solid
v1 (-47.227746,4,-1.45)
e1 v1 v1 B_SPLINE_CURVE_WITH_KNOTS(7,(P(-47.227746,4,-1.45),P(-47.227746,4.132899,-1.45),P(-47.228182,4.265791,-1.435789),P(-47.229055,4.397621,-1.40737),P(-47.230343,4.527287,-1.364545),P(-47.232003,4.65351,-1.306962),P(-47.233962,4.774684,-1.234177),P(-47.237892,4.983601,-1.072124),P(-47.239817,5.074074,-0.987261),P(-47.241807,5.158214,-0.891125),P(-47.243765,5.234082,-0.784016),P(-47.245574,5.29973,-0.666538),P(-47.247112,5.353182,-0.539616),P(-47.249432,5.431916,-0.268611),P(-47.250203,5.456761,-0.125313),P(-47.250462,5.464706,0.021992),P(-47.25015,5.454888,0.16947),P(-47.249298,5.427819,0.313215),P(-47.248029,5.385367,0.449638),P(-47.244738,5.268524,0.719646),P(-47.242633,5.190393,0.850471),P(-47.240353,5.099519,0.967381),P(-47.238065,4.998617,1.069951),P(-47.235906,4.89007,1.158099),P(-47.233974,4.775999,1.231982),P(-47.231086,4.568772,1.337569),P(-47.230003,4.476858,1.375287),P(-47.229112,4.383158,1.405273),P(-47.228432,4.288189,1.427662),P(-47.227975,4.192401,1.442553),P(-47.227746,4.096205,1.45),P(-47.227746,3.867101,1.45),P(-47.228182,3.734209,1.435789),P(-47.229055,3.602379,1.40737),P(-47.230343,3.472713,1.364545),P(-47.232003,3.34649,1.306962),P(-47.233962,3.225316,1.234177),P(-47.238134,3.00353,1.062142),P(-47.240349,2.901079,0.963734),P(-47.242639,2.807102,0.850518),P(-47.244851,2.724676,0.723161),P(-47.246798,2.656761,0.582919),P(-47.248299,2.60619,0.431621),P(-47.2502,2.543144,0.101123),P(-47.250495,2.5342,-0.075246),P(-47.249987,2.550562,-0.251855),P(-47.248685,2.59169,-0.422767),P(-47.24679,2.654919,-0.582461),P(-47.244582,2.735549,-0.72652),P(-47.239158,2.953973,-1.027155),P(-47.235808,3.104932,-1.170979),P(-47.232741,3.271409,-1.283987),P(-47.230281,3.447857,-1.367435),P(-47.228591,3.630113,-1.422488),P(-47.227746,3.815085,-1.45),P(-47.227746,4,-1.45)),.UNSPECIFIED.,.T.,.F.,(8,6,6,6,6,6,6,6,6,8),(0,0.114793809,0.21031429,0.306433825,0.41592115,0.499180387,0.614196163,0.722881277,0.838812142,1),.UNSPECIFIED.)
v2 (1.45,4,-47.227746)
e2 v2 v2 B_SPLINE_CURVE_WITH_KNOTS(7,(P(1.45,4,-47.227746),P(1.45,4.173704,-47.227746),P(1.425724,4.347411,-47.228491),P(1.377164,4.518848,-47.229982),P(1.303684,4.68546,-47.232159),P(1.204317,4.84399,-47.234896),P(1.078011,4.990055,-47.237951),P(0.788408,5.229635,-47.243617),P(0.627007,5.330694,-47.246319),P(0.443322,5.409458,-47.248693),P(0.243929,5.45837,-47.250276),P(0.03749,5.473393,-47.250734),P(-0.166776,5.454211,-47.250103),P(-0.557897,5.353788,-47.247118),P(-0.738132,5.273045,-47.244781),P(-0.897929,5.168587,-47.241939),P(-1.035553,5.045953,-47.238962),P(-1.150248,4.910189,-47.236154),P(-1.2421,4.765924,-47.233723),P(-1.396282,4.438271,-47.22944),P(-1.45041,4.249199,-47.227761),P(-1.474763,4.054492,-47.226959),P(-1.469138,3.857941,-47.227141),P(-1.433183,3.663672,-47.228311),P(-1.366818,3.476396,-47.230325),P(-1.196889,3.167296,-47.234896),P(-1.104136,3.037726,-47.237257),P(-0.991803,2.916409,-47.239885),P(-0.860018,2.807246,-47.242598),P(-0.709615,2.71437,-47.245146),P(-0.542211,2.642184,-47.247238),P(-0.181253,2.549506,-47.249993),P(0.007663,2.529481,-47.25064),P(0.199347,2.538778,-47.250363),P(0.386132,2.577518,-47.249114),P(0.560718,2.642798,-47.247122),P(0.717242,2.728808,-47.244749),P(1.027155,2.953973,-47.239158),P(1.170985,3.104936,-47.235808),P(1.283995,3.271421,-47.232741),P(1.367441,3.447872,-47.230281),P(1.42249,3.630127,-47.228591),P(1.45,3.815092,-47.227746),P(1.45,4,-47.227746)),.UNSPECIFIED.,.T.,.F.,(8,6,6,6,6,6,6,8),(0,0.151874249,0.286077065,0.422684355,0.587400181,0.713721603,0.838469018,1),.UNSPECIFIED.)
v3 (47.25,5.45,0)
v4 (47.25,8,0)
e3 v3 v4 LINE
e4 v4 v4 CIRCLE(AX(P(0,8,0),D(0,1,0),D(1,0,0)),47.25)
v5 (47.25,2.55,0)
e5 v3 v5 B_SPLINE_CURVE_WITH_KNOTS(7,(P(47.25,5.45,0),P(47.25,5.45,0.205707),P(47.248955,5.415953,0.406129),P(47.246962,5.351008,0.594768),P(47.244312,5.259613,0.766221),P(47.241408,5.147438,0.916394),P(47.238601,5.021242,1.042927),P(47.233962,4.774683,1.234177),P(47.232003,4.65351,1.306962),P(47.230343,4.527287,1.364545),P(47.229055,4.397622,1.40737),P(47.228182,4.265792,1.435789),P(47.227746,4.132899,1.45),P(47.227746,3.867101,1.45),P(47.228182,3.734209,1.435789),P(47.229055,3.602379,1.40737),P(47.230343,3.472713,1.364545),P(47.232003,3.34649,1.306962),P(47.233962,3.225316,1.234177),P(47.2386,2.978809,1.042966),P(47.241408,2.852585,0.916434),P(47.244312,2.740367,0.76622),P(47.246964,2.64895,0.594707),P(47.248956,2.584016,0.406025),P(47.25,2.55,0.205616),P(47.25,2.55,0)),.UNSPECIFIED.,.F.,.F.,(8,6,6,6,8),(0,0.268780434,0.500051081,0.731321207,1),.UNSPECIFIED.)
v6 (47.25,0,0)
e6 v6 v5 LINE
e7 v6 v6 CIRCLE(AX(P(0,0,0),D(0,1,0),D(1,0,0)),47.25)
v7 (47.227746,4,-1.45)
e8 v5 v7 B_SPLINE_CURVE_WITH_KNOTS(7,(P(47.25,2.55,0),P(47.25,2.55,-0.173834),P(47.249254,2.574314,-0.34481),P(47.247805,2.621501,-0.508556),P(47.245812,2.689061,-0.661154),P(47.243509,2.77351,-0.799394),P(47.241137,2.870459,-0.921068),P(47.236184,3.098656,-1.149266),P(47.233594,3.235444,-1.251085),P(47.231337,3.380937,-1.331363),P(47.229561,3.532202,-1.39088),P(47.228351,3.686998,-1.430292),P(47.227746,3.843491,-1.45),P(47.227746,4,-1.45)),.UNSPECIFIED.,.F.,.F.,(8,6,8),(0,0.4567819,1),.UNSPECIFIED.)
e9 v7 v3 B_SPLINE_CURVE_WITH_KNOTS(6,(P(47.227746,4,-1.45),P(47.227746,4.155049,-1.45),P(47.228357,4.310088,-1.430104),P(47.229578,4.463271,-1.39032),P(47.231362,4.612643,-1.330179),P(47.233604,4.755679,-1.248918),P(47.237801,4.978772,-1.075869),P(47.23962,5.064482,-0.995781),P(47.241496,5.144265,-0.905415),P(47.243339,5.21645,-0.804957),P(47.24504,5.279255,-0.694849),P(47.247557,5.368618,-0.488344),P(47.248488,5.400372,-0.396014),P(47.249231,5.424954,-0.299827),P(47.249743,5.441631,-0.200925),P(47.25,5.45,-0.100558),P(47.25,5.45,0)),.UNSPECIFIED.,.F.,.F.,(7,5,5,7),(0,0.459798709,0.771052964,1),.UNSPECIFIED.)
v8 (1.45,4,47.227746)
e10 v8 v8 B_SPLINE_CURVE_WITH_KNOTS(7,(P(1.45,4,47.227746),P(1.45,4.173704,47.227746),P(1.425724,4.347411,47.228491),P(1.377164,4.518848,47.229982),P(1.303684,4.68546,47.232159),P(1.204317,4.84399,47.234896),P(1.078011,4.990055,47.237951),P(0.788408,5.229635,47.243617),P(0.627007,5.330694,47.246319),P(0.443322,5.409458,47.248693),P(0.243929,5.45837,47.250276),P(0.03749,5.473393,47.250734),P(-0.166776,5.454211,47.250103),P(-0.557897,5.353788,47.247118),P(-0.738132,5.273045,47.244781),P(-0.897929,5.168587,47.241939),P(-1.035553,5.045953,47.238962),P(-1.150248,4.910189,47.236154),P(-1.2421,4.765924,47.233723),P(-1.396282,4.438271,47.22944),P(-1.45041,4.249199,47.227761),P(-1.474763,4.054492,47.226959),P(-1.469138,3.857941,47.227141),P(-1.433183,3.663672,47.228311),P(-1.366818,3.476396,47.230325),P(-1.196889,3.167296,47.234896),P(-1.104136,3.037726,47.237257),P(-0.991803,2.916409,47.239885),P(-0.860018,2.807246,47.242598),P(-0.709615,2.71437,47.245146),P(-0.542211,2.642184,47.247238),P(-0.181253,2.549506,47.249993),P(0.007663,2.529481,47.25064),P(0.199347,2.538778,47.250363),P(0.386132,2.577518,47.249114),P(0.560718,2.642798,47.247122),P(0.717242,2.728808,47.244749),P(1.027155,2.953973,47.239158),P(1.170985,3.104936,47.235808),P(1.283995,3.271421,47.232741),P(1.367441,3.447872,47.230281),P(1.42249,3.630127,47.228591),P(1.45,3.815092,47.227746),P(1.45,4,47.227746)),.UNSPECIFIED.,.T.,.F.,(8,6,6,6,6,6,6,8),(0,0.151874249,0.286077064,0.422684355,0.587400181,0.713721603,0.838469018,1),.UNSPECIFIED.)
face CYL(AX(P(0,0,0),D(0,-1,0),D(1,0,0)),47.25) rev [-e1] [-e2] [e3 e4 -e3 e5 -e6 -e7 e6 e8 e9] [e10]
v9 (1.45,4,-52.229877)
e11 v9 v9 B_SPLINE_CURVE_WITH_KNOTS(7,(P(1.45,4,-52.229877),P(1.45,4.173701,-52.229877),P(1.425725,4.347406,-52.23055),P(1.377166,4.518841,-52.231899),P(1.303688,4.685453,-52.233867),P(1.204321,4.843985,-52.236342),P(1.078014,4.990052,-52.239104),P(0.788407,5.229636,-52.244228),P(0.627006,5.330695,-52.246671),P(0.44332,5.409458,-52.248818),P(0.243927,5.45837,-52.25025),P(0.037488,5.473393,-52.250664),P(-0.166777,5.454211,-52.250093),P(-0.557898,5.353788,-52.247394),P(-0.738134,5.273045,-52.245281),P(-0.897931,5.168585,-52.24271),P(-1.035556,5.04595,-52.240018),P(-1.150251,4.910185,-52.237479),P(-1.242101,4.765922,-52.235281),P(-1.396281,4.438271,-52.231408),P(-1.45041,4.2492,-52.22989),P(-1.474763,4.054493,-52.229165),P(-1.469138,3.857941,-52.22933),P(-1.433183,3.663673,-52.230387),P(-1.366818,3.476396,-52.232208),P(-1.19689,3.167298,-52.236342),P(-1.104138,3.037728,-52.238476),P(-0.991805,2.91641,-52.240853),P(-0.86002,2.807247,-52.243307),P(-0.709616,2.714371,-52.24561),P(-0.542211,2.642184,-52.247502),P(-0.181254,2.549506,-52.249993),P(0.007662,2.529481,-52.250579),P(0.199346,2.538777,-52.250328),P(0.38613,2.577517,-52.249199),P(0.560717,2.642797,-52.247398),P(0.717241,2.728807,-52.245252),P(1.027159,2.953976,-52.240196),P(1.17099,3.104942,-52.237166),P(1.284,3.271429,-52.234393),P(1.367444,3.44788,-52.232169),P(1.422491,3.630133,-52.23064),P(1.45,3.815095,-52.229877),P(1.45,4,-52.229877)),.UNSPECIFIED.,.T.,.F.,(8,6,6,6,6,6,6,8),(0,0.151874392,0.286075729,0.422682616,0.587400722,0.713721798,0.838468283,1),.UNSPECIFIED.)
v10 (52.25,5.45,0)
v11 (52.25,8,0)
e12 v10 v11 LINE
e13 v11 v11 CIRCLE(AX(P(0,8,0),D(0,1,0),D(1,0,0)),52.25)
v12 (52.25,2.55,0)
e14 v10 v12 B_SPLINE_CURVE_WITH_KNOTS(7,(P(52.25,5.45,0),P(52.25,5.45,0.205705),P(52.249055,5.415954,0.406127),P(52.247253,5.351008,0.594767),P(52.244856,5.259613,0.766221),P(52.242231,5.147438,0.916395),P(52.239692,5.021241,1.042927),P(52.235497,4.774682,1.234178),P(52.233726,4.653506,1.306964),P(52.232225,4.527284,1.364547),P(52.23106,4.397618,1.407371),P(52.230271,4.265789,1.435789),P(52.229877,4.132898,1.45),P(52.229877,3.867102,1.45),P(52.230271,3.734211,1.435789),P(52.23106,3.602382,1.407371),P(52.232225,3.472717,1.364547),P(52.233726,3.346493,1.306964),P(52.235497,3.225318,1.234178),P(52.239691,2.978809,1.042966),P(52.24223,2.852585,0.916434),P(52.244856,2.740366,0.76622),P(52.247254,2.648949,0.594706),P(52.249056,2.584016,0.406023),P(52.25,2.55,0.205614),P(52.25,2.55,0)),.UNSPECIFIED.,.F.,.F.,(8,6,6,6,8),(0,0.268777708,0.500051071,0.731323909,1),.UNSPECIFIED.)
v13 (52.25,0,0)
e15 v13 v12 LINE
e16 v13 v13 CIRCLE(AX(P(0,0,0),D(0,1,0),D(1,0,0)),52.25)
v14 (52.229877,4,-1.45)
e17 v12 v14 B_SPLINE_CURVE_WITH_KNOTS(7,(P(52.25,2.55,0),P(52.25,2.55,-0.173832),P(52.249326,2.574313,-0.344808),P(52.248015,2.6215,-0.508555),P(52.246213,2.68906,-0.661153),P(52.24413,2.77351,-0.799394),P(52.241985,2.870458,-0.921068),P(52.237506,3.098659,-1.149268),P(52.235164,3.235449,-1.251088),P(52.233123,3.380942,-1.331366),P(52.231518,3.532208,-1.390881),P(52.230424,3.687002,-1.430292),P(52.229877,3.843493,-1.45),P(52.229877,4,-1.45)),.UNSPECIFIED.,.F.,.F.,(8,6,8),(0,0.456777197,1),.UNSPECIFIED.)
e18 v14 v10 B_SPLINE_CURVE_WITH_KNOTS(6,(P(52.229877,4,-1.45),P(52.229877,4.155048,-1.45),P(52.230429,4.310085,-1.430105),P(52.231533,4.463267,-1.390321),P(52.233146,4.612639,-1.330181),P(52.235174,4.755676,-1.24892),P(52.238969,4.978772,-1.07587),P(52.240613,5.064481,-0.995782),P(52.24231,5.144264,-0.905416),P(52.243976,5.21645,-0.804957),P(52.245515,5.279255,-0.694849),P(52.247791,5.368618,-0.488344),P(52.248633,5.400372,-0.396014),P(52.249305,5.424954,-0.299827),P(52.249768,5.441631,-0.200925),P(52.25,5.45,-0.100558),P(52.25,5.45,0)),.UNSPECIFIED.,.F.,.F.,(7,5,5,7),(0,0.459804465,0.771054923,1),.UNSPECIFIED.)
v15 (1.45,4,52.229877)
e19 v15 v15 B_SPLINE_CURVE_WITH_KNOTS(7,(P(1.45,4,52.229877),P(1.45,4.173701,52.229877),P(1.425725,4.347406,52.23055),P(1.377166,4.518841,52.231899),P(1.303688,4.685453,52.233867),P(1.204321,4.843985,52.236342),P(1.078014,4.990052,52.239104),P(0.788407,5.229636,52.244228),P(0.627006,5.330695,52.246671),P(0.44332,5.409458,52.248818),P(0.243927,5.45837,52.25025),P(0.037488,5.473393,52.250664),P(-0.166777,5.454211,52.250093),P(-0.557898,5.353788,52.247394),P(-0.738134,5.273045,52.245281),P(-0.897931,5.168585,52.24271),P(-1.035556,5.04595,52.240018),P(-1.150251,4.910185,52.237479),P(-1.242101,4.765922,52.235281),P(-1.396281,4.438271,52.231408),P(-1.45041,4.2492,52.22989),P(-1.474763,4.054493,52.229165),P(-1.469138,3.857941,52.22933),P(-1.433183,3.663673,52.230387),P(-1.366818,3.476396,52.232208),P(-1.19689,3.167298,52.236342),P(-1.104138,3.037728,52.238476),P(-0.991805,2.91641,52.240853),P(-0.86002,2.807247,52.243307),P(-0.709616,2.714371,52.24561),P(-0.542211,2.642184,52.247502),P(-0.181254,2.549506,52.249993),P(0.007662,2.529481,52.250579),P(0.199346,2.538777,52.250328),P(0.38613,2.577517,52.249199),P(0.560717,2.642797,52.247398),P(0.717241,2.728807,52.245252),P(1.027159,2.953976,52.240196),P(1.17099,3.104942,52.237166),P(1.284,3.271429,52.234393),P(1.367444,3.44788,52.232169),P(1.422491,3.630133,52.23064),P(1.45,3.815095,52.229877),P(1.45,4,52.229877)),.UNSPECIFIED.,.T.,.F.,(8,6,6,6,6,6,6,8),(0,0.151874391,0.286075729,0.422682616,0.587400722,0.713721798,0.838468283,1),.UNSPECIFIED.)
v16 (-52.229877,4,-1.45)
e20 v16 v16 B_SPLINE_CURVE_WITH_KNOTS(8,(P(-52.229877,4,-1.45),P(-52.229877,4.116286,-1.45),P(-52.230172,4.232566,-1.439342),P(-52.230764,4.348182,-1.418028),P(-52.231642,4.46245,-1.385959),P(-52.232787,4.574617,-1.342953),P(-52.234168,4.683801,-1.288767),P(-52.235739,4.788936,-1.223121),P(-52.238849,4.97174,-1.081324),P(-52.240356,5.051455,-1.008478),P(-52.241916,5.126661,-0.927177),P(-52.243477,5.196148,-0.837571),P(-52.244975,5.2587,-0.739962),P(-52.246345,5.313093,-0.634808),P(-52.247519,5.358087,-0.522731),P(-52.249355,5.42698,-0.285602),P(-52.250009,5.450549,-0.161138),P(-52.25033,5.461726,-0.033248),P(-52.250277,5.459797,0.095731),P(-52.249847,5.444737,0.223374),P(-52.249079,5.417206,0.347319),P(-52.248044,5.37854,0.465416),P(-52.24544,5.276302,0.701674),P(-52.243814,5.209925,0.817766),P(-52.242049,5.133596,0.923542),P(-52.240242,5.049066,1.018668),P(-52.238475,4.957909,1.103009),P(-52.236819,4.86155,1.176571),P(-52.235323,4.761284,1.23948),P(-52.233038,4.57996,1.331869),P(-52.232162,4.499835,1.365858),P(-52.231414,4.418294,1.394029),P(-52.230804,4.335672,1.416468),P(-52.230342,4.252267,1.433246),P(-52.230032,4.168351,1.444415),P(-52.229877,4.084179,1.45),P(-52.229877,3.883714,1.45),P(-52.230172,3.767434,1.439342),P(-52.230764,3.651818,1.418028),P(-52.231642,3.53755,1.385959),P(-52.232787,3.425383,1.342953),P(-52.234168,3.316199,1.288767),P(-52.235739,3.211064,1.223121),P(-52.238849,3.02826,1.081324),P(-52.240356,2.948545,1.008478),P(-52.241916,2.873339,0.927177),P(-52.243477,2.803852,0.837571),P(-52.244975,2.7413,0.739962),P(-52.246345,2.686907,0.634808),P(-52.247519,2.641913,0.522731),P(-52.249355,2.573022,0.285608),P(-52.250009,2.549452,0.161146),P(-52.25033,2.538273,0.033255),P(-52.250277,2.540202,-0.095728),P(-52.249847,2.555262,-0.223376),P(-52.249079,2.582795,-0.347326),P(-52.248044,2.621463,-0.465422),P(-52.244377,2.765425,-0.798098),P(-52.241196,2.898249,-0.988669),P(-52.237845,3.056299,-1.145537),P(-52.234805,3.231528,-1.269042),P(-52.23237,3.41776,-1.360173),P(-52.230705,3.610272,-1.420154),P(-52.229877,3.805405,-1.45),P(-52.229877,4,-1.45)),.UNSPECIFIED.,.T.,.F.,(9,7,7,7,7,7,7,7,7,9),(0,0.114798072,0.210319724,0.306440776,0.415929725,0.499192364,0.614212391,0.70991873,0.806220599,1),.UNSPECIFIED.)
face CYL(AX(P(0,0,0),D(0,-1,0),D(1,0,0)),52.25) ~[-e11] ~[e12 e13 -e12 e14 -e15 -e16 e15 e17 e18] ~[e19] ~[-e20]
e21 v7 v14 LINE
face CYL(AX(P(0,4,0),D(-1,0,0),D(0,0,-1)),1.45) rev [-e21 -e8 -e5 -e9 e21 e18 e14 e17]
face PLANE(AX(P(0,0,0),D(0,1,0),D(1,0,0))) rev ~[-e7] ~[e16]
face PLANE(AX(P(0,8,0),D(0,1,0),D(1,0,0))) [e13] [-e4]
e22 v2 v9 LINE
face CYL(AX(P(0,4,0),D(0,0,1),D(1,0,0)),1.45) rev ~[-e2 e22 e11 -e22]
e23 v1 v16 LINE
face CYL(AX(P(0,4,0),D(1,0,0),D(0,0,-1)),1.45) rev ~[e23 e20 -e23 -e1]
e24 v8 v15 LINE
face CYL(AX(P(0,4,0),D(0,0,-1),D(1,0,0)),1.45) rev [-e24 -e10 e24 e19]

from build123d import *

# Parameters (mm, degrees)
SKETCH1_R               = 52.25
SKETCH1_R_2             = 47.25
BOSS_EXTRUDE1_DEPTH     = 8
SKETCH2_R               = 1.45
CUT_EXTRUDE1_DEPTH      = 53.25
CUT_EXTRUDE1_DEPTH_BACK = 53.25
SKETCH3_R               = 1.45
CUT_EXTRUDE2_DEPTH      = 53.2500001
CUT_EXTRUDE2_DEPTH_BACK = 53.2500001


with BuildPart() as part:
    # Sketch1 → Boss-Extrude1 (new body)
    with BuildSketch(Plane(origin=(0, 0, 0), x_dir=(1, 0, 0), z_dir=(0, 1, 0))):
        Circle(SKETCH1_R)
        Circle(SKETCH1_R_2, mode=Mode.SUBTRACT)
    extrude(amount=BOSS_EXTRUDE1_DEPTH)

    # Sketch2 → Cut-Extrude1 (cut, two sides)
    with BuildSketch(Plane.XY) as cut_extrude1_sk:
        with Locations((0, 4)):
            Circle(SKETCH2_R)
    extrude(amount=CUT_EXTRUDE1_DEPTH, mode=Mode.SUBTRACT)
    extrude(cut_extrude1_sk.sketch, amount=-CUT_EXTRUDE1_DEPTH_BACK, mode=Mode.SUBTRACT)

    # Sketch3 → Cut-Extrude2 (cut, two sides)
    with BuildSketch(Plane(origin=(0, 0, 0), x_dir=(0, 0, -1), z_dir=(1, 0, 0))) as cut_extrude2_sk:
        with Locations((0, 4)):
            Circle(SKETCH3_R)
    extrude(amount=CUT_EXTRUDE2_DEPTH, mode=Mode.SUBTRACT)
    extrude(cut_extrude2_sk.sketch, amount=-CUT_EXTRUDE2_DEPTH_BACK, mode=Mode.SUBTRACT)


solid = part.part
